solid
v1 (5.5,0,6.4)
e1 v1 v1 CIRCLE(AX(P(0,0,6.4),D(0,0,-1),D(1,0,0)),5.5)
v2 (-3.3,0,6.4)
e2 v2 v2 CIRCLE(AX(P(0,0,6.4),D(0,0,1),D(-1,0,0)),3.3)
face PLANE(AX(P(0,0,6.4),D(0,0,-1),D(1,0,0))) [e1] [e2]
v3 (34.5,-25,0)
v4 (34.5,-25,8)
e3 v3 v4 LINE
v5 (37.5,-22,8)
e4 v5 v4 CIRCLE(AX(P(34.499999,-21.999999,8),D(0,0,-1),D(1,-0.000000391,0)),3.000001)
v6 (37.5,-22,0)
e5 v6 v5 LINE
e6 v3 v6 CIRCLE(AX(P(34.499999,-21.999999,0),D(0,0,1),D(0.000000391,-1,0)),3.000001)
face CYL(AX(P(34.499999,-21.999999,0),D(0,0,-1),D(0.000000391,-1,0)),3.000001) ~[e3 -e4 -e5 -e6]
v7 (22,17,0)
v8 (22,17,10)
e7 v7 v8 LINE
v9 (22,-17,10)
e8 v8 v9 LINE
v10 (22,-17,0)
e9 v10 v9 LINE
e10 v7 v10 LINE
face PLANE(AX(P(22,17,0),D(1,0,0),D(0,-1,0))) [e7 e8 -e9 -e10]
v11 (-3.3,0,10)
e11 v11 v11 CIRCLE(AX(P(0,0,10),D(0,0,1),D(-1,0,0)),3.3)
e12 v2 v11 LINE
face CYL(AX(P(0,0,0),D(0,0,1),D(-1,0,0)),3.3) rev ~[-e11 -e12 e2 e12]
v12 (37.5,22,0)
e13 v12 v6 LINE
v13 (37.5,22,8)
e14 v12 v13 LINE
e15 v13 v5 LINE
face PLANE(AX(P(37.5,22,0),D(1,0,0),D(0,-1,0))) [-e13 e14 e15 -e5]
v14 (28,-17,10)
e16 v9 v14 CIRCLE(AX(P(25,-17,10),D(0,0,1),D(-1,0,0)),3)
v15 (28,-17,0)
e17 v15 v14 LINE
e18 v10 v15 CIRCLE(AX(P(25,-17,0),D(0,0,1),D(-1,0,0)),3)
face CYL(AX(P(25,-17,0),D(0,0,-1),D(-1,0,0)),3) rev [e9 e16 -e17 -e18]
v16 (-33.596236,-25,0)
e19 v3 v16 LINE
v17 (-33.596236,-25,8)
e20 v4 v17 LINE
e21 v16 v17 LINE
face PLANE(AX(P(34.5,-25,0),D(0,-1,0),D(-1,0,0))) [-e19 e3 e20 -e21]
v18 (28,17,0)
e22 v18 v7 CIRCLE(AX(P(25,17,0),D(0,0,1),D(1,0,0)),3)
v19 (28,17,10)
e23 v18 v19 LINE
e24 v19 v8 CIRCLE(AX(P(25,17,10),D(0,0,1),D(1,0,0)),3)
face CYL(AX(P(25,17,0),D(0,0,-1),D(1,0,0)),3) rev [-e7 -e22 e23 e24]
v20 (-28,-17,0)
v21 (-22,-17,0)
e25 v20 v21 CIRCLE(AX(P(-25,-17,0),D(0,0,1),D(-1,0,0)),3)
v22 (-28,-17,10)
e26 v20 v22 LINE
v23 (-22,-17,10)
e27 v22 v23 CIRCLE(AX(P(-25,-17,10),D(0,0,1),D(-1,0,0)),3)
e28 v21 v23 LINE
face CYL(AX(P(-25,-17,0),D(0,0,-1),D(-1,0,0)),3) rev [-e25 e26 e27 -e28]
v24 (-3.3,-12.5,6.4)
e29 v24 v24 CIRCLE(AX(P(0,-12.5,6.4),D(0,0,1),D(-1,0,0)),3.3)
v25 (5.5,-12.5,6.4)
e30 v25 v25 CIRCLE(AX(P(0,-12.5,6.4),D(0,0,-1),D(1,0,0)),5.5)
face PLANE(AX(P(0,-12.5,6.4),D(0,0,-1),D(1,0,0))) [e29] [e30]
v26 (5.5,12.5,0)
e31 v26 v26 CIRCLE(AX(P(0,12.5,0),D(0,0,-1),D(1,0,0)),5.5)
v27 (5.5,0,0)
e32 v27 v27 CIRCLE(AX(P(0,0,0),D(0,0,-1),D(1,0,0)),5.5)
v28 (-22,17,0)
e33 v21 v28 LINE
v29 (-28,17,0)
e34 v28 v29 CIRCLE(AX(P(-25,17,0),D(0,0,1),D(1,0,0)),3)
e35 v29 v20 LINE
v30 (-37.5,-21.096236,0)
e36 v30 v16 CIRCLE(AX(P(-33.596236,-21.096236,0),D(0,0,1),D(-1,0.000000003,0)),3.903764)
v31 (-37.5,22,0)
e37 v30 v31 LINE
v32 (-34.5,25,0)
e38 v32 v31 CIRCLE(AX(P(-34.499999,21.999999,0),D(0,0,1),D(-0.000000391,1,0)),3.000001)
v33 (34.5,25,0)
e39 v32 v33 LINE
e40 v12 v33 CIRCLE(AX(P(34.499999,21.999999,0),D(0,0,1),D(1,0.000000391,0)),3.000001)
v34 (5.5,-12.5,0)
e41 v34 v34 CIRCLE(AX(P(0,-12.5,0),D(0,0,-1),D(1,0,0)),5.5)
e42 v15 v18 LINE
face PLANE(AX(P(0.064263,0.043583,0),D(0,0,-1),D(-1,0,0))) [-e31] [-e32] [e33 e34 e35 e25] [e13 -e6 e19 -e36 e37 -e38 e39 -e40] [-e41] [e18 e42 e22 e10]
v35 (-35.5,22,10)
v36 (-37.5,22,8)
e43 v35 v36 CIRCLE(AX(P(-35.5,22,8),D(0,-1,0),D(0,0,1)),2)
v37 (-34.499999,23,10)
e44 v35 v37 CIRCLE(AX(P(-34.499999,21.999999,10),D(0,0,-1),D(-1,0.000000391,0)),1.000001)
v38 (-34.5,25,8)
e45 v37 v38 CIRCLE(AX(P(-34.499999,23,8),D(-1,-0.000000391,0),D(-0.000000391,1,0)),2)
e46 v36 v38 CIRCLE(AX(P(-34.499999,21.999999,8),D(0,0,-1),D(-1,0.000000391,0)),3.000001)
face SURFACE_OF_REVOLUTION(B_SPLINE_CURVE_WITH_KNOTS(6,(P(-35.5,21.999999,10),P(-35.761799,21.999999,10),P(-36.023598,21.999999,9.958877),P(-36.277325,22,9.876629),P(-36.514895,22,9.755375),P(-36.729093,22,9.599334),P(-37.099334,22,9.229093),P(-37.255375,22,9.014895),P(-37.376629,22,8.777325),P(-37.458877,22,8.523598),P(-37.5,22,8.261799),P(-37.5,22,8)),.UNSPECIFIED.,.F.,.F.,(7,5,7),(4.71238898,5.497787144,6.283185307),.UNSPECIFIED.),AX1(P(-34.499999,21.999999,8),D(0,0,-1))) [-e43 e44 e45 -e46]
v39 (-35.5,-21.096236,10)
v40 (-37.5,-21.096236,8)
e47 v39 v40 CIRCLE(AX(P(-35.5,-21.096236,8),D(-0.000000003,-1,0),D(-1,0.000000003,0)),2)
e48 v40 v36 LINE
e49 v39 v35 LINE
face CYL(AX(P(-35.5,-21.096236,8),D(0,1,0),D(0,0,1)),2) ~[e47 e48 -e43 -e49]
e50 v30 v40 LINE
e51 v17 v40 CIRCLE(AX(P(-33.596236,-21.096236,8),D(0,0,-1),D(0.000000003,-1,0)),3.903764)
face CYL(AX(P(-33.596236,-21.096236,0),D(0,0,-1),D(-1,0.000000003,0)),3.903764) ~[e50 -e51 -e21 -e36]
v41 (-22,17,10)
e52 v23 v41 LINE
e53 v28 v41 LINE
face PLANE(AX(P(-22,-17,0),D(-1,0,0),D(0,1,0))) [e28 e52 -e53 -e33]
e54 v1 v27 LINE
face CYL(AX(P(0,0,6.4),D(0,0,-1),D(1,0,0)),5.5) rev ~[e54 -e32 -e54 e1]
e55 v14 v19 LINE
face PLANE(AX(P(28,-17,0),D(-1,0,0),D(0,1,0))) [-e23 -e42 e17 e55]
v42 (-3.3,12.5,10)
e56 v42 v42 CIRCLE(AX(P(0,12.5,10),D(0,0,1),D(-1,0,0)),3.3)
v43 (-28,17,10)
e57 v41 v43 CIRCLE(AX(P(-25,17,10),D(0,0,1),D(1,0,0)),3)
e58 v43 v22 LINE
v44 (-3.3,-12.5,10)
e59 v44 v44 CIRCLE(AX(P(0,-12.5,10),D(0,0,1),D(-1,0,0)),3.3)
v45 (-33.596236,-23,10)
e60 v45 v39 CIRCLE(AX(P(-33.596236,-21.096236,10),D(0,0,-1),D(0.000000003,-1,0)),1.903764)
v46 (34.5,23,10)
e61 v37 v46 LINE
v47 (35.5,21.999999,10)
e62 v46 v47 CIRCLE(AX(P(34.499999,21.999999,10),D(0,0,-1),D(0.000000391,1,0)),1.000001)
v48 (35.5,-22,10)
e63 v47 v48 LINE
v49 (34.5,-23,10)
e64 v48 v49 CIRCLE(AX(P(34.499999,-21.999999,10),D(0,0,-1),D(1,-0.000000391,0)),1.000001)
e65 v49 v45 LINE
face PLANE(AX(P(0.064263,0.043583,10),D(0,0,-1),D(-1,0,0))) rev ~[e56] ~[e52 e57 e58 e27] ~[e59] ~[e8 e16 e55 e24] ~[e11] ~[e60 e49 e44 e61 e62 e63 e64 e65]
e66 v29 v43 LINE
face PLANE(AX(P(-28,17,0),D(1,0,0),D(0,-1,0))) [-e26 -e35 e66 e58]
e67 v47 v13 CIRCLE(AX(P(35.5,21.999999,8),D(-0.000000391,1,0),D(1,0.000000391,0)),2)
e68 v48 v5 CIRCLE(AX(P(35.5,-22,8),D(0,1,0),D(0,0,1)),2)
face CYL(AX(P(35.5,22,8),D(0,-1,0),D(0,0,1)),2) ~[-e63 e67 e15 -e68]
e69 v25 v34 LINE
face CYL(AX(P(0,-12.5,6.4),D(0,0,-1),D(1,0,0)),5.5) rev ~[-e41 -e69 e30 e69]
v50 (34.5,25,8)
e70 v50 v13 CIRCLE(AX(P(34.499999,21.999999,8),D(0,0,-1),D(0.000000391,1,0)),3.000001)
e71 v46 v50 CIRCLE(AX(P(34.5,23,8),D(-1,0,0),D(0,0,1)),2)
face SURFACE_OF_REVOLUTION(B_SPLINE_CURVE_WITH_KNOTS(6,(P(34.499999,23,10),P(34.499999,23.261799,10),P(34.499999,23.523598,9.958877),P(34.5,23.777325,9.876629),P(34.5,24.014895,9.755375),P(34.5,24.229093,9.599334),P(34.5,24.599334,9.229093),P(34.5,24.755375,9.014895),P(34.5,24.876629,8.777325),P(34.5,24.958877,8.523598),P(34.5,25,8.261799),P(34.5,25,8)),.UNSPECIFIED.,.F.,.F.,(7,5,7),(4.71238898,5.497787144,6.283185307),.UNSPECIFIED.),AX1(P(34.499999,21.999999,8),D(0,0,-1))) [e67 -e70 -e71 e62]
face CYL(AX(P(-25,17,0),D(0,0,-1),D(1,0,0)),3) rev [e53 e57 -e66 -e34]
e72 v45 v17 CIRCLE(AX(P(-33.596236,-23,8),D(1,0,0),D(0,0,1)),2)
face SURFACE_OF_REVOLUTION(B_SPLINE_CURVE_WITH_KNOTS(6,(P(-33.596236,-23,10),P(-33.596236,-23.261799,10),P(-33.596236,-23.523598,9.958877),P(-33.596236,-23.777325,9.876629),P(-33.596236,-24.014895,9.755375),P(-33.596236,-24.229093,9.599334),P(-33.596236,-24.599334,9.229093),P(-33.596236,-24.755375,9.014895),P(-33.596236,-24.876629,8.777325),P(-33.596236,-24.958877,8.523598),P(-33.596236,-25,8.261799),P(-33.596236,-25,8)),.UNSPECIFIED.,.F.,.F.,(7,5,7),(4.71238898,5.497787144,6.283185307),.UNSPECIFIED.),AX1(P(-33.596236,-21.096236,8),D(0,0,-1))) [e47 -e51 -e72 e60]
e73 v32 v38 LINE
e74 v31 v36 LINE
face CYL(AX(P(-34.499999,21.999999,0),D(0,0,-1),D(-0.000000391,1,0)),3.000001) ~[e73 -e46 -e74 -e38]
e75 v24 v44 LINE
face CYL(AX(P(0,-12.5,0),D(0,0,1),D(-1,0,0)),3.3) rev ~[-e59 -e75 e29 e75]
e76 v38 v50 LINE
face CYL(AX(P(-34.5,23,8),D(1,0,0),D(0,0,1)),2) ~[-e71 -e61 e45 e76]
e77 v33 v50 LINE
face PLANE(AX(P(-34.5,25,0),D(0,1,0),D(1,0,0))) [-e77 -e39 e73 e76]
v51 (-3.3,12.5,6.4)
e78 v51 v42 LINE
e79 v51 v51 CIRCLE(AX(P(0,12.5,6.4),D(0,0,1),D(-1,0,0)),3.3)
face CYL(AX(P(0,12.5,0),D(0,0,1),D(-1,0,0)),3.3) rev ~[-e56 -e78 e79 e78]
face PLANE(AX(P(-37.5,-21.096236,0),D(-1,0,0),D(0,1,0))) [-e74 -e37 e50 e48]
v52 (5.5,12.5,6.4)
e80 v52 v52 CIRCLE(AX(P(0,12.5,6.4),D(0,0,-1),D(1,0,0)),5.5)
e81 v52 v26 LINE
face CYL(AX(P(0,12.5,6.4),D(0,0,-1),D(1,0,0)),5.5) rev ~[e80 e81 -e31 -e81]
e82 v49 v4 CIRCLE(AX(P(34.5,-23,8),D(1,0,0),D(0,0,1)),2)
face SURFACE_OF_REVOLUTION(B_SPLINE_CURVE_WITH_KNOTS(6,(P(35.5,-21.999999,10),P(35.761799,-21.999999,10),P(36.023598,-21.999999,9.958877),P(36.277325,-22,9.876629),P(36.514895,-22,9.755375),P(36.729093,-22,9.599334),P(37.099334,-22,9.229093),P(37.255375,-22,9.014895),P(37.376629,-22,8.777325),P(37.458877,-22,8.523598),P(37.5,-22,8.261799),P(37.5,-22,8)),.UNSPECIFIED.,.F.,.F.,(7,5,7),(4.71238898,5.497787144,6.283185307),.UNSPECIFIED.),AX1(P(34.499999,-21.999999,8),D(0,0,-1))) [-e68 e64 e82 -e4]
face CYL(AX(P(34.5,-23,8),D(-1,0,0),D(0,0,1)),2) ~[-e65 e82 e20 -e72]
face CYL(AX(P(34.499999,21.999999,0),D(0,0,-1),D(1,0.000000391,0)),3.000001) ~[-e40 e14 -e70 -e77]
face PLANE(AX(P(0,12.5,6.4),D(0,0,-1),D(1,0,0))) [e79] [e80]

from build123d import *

# Parameters (mm, degrees)
PAD_DEPTH        = 10
HOLE_D           = 6.6
HOLE_DEPTH       = 25
HOLE_CBORE_D     = 11
HOLE_CBORE_DEPTH = 6.4
FILLET_R         = 2


with BuildPart() as part:
    # Sketch → Pad (new body)
    with BuildSketch(Plane.XY):
        with BuildLine():
            Line((-34.5, 25), (34.5, 25))
            ThreePointArc((37.5, 22), (36.62132, 24.12132), (34.5, 25))
            Line((37.5, 22), (37.5, -22))
            ThreePointArc((34.5, -25), (36.62132, -24.12132), (37.5, -22))
            Line((34.5, -25), (-33.596236, -25))
            ThreePointArc((-37.5, -21.096236), (-36.356614, -23.856614), (-33.596236, -25))
            Line((-37.5, -21.096236), (-37.5, 22))
            ThreePointArc((-34.5, 25), (-36.62132, 24.12132), (-37.5, 22))
        make_face()
        with BuildLine():
            ThreePointArc((-22, 17), (-25, 20), (-28, 17))
            Line((-28, 17), (-28, -17))
            ThreePointArc((-28, -17), (-25, -20), (-22, -17))
            Line((-22, -17), (-22, 17))
        make_face(mode=Mode.SUBTRACT)
        with BuildLine():
            ThreePointArc((28, 17), (25, 20), (22, 17))
            Line((22, 17), (22, -17))
            ThreePointArc((22, -17), (25, -20), (28, -17))
            Line((28, -17), (28, 17))
        make_face(mode=Mode.SUBTRACT)
    extrude(amount=PAD_DEPTH)

    # Hole
    with Locations(Plane(origin=(0, 0, 0), x_dir=(1, 0, 0), z_dir=(0, 0, -1))):
        with Locations((0, 0), (0, 12.5), (0, -12.5)):
            CounterBoreHole(HOLE_D / 2, HOLE_CBORE_D / 2, HOLE_CBORE_DEPTH, depth=HOLE_DEPTH)

    # Fillet
    fillet_edges = [part.edges().sort_by_distance(p)[0] for p in [
        (0.451882, -25, 10),
    ]]
    fillet(fillet_edges, radius=FILLET_R)


solid = part.part
